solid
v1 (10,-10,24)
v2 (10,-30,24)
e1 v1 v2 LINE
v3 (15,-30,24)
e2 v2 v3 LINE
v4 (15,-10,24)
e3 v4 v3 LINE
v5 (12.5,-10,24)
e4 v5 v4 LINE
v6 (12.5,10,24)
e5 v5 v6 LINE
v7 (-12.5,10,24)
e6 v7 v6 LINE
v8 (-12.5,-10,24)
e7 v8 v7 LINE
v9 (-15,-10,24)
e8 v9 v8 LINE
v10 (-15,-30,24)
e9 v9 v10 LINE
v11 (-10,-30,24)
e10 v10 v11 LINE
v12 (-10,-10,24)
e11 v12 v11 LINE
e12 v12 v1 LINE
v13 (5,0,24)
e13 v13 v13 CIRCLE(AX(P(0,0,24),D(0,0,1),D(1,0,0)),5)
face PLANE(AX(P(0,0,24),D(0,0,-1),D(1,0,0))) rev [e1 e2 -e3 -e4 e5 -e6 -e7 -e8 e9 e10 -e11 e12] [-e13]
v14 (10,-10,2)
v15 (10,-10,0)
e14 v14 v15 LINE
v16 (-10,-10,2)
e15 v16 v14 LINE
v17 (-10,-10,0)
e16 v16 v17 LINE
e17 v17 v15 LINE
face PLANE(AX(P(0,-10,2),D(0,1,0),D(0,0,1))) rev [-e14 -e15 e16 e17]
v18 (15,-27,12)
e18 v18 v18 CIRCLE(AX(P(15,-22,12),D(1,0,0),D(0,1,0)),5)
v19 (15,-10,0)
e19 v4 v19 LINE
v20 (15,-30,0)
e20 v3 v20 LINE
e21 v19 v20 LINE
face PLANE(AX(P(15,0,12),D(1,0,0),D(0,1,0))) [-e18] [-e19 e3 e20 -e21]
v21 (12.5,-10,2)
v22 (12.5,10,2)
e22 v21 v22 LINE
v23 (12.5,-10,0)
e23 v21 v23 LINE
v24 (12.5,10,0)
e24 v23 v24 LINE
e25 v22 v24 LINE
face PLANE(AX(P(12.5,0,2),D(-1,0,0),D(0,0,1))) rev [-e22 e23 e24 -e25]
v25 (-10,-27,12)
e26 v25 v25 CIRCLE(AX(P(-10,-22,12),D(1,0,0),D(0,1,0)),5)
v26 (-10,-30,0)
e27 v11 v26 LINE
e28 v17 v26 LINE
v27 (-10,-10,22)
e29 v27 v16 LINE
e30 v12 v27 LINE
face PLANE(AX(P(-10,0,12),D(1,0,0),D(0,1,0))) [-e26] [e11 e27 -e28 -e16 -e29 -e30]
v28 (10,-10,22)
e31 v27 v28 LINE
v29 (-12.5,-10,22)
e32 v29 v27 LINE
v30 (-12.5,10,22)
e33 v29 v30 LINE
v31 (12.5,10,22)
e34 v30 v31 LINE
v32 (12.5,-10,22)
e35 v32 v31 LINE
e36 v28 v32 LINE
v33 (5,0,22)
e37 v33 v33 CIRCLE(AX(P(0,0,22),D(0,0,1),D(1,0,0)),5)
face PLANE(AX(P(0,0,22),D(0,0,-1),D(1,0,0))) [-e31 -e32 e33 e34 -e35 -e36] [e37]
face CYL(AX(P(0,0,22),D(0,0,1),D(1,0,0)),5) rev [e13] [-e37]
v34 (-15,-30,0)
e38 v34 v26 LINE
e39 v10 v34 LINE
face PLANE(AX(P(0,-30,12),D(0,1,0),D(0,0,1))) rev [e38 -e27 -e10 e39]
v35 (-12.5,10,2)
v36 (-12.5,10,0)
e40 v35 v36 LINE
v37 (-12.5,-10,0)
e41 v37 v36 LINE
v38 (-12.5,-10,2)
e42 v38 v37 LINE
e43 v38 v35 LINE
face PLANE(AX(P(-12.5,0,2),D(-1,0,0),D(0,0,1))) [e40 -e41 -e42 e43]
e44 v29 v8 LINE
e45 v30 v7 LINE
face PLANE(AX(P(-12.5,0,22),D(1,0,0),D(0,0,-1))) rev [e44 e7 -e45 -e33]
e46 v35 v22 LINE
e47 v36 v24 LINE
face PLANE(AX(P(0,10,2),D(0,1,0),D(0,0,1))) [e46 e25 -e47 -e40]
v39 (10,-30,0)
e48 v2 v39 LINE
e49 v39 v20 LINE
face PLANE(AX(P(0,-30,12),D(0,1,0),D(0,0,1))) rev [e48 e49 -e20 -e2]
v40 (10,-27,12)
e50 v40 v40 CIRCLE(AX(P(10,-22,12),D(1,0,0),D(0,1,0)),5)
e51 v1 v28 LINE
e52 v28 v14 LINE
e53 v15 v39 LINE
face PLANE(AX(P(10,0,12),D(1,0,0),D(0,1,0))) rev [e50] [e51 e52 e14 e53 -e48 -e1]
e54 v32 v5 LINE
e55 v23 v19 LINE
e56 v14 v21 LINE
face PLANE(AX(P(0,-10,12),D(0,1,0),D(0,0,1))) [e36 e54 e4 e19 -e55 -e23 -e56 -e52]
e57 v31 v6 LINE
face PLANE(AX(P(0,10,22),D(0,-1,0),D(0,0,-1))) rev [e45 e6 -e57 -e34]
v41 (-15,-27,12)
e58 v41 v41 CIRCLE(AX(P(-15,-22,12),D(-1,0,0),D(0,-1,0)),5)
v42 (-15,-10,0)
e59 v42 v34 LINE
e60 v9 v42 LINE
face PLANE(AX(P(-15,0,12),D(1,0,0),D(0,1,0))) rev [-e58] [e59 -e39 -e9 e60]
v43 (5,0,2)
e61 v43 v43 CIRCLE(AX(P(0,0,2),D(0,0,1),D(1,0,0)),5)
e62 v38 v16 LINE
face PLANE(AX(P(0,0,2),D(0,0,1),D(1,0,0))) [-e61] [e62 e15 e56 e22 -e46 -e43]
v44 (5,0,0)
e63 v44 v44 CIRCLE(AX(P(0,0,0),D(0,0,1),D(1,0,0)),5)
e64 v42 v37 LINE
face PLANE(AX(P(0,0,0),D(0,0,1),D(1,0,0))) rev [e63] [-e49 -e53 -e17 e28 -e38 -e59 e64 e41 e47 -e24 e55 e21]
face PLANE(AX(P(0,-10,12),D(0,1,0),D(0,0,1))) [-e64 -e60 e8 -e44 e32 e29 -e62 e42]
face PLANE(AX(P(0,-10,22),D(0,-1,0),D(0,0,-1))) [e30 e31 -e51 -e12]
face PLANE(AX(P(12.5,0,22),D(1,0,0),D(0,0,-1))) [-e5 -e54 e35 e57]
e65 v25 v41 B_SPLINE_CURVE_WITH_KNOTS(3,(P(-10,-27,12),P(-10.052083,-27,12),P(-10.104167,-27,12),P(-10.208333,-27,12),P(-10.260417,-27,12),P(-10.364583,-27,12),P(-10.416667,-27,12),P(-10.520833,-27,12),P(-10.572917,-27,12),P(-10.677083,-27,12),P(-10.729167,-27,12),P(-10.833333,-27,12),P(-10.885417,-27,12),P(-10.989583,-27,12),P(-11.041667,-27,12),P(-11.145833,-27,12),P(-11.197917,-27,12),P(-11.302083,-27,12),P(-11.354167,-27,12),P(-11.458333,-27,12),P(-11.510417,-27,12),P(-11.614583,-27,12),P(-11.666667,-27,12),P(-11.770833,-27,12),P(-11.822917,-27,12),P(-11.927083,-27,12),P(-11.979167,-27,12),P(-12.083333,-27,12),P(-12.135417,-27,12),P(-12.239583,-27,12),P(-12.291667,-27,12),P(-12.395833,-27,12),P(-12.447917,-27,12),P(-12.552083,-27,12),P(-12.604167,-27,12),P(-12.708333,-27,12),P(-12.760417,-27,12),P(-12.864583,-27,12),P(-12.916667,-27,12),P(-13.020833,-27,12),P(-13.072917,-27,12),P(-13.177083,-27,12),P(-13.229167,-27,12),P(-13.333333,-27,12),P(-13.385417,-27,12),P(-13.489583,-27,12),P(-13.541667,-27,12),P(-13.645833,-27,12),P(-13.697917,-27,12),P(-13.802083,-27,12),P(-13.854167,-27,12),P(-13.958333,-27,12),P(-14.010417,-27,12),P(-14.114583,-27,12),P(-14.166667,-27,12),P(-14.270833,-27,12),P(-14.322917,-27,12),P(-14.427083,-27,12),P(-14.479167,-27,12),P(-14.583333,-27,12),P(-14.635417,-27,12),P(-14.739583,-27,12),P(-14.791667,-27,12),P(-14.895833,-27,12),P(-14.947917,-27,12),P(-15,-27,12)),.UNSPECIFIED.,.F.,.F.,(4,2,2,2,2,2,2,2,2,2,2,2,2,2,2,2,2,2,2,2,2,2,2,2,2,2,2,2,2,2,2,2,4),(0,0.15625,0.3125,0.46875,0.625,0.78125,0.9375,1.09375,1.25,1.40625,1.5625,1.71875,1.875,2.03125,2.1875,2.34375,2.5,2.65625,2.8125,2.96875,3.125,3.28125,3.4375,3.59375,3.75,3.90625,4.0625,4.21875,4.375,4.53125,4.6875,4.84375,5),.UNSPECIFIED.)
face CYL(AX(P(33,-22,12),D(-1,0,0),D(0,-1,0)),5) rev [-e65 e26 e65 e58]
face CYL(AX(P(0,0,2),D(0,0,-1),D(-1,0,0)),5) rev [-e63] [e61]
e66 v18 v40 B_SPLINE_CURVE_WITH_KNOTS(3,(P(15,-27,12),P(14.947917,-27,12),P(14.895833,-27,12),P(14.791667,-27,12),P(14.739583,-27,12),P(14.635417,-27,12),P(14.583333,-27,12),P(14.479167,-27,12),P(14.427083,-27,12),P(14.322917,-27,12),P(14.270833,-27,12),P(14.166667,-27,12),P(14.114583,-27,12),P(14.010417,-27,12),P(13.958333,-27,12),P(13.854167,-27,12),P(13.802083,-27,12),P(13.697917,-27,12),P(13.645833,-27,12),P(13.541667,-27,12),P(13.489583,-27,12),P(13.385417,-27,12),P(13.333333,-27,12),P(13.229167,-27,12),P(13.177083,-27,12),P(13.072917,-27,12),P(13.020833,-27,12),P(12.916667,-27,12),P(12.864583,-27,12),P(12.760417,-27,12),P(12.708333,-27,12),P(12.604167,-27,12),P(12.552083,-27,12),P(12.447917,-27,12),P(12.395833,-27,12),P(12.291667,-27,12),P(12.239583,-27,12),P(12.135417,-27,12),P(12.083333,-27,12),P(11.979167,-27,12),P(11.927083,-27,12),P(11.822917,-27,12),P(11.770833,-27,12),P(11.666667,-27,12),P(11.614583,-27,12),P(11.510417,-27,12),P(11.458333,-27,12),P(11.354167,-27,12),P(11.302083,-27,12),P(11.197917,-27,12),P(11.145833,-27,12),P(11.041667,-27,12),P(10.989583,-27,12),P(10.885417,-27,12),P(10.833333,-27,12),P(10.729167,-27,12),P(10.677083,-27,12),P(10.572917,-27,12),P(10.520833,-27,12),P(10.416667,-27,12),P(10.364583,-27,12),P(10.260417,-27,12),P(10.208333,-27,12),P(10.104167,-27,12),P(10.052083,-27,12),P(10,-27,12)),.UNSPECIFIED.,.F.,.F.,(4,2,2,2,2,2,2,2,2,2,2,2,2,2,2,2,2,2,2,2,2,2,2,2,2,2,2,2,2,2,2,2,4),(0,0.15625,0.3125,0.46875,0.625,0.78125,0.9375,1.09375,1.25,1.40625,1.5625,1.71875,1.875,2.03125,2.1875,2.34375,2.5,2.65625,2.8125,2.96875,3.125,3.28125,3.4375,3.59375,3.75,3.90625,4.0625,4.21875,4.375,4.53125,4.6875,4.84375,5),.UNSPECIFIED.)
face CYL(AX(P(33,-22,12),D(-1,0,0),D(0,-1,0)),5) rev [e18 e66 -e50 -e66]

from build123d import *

# Parameters (mm, degrees)
SKETCH1_R           = 5
BOSS_EXTRUDE1_DEPTH = 2
BOSS_EXTRUDE2_DEPTH = 12
SKETCH2_R           = 5
CUT_EXTRUDE1_DEPTH  = 48


with BuildPart() as part:
    # Sketch1 → Boss-Extrude1 (new body)
    with BuildSketch(Plane.XY):
        Polygon((-10, -10), (10, -10), (12.5, -10), (12.5, 10), (-12.5, 10), (-12.5, -10), align=None)
        Circle(SKETCH1_R, mode=Mode.SUBTRACT)
    boss_extrude1 = extrude(amount=BOSS_EXTRUDE1_DEPTH)

    # Sketch1<3> → Boss-Extrude2 (add)
    with BuildSketch(Plane.XY):
        Polygon((10, -10), (10, -30), (15, -30), (15, -10), (12.5, -10), align=None)
        Polygon((-10, -30), (-10, -10), (-12.5, -10), (-15, -10), (-15, -30), align=None)
    boss_extrude2 = extrude(amount=BOSS_EXTRUDE2_DEPTH)

    # Mirror1: Boss-Extrude2 across plane
    add(boss_extrude2.mirror(Plane.XY.offset(12)))

    # Mirror2: Boss-Extrude1 across plane
    add(boss_extrude1.mirror(Plane.XY.offset(12)))

    # Sketch2 → Cut-Extrude1 (cut)
    with BuildSketch(Plane.ZY.offset(15)):
        with Locations(Location((12, -22, 0), (0, 0, 270))):
            Circle(SKETCH2_R)
    extrude(amount=-CUT_EXTRUDE1_DEPTH, mode=Mode.SUBTRACT)


solid = part.part
